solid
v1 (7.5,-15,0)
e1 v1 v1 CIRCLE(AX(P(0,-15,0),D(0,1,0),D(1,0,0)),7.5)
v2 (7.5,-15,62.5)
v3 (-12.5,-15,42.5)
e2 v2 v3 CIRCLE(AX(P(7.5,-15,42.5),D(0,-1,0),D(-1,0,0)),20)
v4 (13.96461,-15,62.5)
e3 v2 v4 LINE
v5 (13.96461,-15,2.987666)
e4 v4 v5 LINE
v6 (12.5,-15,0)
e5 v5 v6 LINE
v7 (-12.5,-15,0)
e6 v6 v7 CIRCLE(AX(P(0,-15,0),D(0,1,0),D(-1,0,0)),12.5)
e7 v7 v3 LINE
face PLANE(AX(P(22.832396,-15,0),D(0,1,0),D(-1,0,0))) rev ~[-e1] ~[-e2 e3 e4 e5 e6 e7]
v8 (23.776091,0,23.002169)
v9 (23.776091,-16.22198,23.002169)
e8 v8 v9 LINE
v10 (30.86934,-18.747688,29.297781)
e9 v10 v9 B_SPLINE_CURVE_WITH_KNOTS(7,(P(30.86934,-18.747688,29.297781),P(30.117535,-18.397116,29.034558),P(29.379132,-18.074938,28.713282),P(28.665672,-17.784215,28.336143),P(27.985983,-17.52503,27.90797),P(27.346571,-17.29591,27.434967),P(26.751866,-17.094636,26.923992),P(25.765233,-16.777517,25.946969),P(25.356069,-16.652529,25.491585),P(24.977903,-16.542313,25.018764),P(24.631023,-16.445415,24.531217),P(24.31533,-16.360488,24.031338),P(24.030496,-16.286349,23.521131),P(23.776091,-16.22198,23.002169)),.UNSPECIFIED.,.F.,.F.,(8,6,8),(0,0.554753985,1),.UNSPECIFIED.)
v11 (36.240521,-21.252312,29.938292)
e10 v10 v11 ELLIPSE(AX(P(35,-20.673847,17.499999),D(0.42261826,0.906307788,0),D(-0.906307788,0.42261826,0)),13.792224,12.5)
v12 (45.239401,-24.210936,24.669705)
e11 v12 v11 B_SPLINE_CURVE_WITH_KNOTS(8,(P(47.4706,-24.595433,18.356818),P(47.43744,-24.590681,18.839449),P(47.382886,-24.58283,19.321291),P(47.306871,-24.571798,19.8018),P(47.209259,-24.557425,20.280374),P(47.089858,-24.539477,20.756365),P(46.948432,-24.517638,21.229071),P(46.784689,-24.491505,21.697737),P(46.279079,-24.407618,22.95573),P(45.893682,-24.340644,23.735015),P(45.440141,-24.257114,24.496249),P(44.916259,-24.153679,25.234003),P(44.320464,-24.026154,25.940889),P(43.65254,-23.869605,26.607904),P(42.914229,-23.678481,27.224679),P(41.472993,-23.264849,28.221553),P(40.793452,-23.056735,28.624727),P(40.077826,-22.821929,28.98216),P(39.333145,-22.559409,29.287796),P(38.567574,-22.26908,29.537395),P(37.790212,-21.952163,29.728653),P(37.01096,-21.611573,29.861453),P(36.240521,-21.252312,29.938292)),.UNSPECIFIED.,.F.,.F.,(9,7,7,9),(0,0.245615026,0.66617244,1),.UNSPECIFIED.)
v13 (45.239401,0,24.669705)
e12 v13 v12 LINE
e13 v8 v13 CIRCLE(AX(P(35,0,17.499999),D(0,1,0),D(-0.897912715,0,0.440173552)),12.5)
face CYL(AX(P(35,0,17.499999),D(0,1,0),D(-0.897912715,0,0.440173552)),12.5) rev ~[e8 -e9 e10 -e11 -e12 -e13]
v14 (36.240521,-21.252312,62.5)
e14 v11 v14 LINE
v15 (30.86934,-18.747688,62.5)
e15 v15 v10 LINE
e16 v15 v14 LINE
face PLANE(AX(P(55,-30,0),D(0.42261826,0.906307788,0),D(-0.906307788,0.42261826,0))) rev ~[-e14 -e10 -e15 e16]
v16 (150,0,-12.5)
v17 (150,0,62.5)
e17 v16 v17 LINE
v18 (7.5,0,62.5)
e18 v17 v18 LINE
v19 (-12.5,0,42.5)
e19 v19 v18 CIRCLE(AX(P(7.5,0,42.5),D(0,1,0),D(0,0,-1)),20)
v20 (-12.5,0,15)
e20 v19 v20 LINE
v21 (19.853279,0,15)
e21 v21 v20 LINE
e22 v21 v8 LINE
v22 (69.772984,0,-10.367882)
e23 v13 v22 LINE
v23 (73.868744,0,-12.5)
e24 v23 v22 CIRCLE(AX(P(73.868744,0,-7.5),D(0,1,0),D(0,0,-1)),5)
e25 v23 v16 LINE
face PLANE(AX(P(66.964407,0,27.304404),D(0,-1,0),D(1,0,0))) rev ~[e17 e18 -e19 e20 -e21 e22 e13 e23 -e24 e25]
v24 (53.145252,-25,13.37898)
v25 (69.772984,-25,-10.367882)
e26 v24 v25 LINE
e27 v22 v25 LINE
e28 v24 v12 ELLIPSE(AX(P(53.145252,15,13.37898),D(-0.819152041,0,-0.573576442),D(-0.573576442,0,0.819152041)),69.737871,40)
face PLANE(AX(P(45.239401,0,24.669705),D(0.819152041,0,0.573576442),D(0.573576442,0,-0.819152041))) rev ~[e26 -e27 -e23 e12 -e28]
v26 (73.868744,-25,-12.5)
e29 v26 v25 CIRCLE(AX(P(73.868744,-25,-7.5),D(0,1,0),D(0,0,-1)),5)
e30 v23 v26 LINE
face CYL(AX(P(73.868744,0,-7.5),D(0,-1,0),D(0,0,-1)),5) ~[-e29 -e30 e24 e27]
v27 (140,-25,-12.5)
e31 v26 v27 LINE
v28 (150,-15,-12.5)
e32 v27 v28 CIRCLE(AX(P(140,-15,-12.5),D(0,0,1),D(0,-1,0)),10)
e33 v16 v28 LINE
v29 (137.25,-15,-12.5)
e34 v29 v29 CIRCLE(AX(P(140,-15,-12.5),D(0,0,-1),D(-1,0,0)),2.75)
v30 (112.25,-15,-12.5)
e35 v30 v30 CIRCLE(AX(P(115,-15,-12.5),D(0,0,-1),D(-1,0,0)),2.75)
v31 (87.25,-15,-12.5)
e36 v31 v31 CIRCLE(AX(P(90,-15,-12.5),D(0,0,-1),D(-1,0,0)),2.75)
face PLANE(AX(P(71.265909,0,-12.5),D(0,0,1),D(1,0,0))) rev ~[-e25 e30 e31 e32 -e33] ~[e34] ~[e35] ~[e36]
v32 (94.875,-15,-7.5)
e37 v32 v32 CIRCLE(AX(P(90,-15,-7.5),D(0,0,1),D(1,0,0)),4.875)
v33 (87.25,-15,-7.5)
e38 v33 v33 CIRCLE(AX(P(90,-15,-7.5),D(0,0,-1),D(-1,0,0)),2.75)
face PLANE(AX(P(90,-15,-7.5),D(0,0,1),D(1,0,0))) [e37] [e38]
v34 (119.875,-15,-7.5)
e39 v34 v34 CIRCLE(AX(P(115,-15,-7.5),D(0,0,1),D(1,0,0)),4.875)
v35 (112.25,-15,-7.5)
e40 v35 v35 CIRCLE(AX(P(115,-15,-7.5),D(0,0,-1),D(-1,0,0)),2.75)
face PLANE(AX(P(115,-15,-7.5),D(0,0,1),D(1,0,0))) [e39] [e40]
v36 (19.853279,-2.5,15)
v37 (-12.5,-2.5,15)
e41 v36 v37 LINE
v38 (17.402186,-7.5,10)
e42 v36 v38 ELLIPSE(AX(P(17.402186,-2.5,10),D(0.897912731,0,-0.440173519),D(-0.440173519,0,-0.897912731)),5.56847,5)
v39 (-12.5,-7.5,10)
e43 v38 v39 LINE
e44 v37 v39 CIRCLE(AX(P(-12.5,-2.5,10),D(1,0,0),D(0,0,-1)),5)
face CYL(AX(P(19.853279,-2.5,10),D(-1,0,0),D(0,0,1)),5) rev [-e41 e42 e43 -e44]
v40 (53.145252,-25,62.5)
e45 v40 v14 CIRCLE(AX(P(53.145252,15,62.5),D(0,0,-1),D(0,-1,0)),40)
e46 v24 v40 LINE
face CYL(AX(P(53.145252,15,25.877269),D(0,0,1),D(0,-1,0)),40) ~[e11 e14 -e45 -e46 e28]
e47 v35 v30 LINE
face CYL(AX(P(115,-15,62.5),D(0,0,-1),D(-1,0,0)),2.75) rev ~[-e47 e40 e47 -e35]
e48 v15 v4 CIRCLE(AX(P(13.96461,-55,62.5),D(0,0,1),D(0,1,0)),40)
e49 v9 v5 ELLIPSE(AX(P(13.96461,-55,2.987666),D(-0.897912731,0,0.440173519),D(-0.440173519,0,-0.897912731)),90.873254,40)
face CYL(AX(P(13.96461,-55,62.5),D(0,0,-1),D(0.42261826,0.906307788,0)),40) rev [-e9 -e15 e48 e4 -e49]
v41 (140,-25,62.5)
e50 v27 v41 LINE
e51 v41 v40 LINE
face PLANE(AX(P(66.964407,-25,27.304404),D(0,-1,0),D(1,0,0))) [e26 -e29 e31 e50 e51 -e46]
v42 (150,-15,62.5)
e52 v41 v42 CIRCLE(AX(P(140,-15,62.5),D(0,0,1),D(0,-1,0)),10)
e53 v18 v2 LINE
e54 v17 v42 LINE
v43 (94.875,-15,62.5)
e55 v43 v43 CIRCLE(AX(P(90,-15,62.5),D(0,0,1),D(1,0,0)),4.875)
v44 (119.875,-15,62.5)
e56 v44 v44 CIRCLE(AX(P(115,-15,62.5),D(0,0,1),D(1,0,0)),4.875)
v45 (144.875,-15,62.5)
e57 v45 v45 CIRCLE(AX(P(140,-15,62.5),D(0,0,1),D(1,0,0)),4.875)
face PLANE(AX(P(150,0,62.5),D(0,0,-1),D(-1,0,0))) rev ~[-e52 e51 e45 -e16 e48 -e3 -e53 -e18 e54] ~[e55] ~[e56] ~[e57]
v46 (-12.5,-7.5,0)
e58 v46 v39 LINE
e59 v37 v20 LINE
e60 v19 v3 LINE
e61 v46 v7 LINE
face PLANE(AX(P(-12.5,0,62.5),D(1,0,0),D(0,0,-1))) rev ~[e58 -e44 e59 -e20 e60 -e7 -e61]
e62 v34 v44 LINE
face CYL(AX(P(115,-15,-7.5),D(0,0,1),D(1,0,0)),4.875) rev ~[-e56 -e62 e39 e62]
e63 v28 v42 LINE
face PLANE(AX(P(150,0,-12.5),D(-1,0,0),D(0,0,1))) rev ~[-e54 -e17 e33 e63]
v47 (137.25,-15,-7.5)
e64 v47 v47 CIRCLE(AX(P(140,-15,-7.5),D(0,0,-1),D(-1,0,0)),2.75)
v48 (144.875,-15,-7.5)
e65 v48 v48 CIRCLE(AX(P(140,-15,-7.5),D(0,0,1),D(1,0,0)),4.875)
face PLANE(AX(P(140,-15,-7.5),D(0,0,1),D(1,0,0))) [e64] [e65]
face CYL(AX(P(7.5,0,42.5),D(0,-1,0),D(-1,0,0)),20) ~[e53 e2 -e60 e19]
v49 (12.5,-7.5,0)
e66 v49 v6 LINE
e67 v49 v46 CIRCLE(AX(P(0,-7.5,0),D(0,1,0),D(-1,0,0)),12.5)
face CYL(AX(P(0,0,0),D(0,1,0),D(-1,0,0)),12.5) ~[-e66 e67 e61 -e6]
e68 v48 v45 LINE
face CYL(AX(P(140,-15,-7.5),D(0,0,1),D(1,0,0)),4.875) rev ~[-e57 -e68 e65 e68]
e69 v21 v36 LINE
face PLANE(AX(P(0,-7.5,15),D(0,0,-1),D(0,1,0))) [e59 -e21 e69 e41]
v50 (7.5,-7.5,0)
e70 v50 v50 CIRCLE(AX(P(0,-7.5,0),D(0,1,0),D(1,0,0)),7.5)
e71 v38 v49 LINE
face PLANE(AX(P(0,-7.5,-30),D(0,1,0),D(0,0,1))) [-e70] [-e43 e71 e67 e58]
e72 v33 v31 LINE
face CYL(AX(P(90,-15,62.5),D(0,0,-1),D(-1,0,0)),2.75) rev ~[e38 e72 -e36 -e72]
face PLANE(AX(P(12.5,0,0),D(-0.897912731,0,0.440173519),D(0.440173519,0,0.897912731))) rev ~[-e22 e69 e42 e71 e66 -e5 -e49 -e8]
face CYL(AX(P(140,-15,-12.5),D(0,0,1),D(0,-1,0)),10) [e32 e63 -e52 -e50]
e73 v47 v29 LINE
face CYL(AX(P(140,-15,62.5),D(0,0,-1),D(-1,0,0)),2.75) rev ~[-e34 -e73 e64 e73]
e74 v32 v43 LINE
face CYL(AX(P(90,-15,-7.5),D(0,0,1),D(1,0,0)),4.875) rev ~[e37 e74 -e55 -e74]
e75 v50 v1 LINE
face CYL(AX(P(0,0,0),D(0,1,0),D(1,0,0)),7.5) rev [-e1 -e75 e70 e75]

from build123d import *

# Parameters (mm, degrees)
F0_R           = 7.5
F1_DEPTH       = 25
F2_W           = 7.5
F2_H           = 45
F3_DEPTH       = 25
F5_D           = 5.5
F5_CBORE_D     = 9.75
F5_CBORE_DEPTH = 70
F6_R           = 20
F7_R           = 5
F8_R           = 10
F9_R           = 5
F11_DEPTH      = 100
F12_R          = 40


with BuildPart() as f1:
    # F0 (on Front) → F1 (new body)
    with BuildSketch(Plane.XZ):
        with BuildLine():
            Line((45.239401, 24.669705), (71.265909, -12.5))
            Line((71.265909, -12.5), (150, -12.5))
            Line((150, -12.5), (150, 62.5))
            Line((150, 62.5), (-12.5, 62.5))
            Line((-12.5, 62.5), (-12.5, 0))
            ThreePointArc((-12.5, 0), (0, -12.5), (12.5, 0))
            Line((12.5, 0), (23.776091, 23.002169))
            ThreePointArc((23.776091, 23.002169), (34.031763, 29.962444), (45.239401, 24.669705))
        make_face()
        Circle(F0_R, mode=Mode.SUBTRACT)
    extrude(amount=F1_DEPTH)

    # F2 (on Right) → F3 (cut, symmetric)
    with BuildSketch(Plane.YZ):
        with Locations((-3.75, -7.5)):
            Rectangle(F2_W, F2_H)
    extrude(amount=F3_DEPTH, both=True, mode=Mode.SUBTRACT)

    # F5 (through all)
    with Locations(Plane.XY.offset(62.5)):
        with Locations((140, -15), (115, -15), (90, -15)):
            CounterBoreHole(F5_D / 2, F5_CBORE_D / 2, F5_CBORE_DEPTH)

    # F6
    f6_edges = [f1.edges().sort_by_distance(p)[0] for p in [
        (-12.5, -12.5, 62.5),
    ]]
    fillet(f6_edges, radius=F6_R)

    # F7
    f7_edges = [f1.edges().sort_by_distance(p)[0] for p in [
        (3.676639, -7.5, 15),
    ]]
    fillet(f7_edges, radius=F7_R)

    # F8
    f8_edges = [f1.edges().sort_by_distance(p)[0] for p in [
        (150, -25, 25),
    ]]
    fillet(f8_edges, radius=F8_R)

    # F9
    f9_edges = [f1.edges().sort_by_distance(p)[0] for p in [
        (71.265909, -12.5, -12.5),
    ]]
    fillet(f9_edges, radius=F9_R)

    # F10 (on Top) → F11 (cut, symmetric)
    with BuildSketch(Plane.XY):
        Polygon((22.832396, -15), (-25, -15), (-25, -30), (55, -30), align=None)
    extrude(amount=F11_DEPTH, both=True, mode=Mode.SUBTRACT)

    # F12
    f12_edges = [f1.edges().sort_by_distance(p)[0] for p in [
        (22.832396, -15, 41.78856),
        (44.277465, -25, 44.188634),
    ]]
    fillet(f12_edges, radius=F12_R)


solid = f1.part
